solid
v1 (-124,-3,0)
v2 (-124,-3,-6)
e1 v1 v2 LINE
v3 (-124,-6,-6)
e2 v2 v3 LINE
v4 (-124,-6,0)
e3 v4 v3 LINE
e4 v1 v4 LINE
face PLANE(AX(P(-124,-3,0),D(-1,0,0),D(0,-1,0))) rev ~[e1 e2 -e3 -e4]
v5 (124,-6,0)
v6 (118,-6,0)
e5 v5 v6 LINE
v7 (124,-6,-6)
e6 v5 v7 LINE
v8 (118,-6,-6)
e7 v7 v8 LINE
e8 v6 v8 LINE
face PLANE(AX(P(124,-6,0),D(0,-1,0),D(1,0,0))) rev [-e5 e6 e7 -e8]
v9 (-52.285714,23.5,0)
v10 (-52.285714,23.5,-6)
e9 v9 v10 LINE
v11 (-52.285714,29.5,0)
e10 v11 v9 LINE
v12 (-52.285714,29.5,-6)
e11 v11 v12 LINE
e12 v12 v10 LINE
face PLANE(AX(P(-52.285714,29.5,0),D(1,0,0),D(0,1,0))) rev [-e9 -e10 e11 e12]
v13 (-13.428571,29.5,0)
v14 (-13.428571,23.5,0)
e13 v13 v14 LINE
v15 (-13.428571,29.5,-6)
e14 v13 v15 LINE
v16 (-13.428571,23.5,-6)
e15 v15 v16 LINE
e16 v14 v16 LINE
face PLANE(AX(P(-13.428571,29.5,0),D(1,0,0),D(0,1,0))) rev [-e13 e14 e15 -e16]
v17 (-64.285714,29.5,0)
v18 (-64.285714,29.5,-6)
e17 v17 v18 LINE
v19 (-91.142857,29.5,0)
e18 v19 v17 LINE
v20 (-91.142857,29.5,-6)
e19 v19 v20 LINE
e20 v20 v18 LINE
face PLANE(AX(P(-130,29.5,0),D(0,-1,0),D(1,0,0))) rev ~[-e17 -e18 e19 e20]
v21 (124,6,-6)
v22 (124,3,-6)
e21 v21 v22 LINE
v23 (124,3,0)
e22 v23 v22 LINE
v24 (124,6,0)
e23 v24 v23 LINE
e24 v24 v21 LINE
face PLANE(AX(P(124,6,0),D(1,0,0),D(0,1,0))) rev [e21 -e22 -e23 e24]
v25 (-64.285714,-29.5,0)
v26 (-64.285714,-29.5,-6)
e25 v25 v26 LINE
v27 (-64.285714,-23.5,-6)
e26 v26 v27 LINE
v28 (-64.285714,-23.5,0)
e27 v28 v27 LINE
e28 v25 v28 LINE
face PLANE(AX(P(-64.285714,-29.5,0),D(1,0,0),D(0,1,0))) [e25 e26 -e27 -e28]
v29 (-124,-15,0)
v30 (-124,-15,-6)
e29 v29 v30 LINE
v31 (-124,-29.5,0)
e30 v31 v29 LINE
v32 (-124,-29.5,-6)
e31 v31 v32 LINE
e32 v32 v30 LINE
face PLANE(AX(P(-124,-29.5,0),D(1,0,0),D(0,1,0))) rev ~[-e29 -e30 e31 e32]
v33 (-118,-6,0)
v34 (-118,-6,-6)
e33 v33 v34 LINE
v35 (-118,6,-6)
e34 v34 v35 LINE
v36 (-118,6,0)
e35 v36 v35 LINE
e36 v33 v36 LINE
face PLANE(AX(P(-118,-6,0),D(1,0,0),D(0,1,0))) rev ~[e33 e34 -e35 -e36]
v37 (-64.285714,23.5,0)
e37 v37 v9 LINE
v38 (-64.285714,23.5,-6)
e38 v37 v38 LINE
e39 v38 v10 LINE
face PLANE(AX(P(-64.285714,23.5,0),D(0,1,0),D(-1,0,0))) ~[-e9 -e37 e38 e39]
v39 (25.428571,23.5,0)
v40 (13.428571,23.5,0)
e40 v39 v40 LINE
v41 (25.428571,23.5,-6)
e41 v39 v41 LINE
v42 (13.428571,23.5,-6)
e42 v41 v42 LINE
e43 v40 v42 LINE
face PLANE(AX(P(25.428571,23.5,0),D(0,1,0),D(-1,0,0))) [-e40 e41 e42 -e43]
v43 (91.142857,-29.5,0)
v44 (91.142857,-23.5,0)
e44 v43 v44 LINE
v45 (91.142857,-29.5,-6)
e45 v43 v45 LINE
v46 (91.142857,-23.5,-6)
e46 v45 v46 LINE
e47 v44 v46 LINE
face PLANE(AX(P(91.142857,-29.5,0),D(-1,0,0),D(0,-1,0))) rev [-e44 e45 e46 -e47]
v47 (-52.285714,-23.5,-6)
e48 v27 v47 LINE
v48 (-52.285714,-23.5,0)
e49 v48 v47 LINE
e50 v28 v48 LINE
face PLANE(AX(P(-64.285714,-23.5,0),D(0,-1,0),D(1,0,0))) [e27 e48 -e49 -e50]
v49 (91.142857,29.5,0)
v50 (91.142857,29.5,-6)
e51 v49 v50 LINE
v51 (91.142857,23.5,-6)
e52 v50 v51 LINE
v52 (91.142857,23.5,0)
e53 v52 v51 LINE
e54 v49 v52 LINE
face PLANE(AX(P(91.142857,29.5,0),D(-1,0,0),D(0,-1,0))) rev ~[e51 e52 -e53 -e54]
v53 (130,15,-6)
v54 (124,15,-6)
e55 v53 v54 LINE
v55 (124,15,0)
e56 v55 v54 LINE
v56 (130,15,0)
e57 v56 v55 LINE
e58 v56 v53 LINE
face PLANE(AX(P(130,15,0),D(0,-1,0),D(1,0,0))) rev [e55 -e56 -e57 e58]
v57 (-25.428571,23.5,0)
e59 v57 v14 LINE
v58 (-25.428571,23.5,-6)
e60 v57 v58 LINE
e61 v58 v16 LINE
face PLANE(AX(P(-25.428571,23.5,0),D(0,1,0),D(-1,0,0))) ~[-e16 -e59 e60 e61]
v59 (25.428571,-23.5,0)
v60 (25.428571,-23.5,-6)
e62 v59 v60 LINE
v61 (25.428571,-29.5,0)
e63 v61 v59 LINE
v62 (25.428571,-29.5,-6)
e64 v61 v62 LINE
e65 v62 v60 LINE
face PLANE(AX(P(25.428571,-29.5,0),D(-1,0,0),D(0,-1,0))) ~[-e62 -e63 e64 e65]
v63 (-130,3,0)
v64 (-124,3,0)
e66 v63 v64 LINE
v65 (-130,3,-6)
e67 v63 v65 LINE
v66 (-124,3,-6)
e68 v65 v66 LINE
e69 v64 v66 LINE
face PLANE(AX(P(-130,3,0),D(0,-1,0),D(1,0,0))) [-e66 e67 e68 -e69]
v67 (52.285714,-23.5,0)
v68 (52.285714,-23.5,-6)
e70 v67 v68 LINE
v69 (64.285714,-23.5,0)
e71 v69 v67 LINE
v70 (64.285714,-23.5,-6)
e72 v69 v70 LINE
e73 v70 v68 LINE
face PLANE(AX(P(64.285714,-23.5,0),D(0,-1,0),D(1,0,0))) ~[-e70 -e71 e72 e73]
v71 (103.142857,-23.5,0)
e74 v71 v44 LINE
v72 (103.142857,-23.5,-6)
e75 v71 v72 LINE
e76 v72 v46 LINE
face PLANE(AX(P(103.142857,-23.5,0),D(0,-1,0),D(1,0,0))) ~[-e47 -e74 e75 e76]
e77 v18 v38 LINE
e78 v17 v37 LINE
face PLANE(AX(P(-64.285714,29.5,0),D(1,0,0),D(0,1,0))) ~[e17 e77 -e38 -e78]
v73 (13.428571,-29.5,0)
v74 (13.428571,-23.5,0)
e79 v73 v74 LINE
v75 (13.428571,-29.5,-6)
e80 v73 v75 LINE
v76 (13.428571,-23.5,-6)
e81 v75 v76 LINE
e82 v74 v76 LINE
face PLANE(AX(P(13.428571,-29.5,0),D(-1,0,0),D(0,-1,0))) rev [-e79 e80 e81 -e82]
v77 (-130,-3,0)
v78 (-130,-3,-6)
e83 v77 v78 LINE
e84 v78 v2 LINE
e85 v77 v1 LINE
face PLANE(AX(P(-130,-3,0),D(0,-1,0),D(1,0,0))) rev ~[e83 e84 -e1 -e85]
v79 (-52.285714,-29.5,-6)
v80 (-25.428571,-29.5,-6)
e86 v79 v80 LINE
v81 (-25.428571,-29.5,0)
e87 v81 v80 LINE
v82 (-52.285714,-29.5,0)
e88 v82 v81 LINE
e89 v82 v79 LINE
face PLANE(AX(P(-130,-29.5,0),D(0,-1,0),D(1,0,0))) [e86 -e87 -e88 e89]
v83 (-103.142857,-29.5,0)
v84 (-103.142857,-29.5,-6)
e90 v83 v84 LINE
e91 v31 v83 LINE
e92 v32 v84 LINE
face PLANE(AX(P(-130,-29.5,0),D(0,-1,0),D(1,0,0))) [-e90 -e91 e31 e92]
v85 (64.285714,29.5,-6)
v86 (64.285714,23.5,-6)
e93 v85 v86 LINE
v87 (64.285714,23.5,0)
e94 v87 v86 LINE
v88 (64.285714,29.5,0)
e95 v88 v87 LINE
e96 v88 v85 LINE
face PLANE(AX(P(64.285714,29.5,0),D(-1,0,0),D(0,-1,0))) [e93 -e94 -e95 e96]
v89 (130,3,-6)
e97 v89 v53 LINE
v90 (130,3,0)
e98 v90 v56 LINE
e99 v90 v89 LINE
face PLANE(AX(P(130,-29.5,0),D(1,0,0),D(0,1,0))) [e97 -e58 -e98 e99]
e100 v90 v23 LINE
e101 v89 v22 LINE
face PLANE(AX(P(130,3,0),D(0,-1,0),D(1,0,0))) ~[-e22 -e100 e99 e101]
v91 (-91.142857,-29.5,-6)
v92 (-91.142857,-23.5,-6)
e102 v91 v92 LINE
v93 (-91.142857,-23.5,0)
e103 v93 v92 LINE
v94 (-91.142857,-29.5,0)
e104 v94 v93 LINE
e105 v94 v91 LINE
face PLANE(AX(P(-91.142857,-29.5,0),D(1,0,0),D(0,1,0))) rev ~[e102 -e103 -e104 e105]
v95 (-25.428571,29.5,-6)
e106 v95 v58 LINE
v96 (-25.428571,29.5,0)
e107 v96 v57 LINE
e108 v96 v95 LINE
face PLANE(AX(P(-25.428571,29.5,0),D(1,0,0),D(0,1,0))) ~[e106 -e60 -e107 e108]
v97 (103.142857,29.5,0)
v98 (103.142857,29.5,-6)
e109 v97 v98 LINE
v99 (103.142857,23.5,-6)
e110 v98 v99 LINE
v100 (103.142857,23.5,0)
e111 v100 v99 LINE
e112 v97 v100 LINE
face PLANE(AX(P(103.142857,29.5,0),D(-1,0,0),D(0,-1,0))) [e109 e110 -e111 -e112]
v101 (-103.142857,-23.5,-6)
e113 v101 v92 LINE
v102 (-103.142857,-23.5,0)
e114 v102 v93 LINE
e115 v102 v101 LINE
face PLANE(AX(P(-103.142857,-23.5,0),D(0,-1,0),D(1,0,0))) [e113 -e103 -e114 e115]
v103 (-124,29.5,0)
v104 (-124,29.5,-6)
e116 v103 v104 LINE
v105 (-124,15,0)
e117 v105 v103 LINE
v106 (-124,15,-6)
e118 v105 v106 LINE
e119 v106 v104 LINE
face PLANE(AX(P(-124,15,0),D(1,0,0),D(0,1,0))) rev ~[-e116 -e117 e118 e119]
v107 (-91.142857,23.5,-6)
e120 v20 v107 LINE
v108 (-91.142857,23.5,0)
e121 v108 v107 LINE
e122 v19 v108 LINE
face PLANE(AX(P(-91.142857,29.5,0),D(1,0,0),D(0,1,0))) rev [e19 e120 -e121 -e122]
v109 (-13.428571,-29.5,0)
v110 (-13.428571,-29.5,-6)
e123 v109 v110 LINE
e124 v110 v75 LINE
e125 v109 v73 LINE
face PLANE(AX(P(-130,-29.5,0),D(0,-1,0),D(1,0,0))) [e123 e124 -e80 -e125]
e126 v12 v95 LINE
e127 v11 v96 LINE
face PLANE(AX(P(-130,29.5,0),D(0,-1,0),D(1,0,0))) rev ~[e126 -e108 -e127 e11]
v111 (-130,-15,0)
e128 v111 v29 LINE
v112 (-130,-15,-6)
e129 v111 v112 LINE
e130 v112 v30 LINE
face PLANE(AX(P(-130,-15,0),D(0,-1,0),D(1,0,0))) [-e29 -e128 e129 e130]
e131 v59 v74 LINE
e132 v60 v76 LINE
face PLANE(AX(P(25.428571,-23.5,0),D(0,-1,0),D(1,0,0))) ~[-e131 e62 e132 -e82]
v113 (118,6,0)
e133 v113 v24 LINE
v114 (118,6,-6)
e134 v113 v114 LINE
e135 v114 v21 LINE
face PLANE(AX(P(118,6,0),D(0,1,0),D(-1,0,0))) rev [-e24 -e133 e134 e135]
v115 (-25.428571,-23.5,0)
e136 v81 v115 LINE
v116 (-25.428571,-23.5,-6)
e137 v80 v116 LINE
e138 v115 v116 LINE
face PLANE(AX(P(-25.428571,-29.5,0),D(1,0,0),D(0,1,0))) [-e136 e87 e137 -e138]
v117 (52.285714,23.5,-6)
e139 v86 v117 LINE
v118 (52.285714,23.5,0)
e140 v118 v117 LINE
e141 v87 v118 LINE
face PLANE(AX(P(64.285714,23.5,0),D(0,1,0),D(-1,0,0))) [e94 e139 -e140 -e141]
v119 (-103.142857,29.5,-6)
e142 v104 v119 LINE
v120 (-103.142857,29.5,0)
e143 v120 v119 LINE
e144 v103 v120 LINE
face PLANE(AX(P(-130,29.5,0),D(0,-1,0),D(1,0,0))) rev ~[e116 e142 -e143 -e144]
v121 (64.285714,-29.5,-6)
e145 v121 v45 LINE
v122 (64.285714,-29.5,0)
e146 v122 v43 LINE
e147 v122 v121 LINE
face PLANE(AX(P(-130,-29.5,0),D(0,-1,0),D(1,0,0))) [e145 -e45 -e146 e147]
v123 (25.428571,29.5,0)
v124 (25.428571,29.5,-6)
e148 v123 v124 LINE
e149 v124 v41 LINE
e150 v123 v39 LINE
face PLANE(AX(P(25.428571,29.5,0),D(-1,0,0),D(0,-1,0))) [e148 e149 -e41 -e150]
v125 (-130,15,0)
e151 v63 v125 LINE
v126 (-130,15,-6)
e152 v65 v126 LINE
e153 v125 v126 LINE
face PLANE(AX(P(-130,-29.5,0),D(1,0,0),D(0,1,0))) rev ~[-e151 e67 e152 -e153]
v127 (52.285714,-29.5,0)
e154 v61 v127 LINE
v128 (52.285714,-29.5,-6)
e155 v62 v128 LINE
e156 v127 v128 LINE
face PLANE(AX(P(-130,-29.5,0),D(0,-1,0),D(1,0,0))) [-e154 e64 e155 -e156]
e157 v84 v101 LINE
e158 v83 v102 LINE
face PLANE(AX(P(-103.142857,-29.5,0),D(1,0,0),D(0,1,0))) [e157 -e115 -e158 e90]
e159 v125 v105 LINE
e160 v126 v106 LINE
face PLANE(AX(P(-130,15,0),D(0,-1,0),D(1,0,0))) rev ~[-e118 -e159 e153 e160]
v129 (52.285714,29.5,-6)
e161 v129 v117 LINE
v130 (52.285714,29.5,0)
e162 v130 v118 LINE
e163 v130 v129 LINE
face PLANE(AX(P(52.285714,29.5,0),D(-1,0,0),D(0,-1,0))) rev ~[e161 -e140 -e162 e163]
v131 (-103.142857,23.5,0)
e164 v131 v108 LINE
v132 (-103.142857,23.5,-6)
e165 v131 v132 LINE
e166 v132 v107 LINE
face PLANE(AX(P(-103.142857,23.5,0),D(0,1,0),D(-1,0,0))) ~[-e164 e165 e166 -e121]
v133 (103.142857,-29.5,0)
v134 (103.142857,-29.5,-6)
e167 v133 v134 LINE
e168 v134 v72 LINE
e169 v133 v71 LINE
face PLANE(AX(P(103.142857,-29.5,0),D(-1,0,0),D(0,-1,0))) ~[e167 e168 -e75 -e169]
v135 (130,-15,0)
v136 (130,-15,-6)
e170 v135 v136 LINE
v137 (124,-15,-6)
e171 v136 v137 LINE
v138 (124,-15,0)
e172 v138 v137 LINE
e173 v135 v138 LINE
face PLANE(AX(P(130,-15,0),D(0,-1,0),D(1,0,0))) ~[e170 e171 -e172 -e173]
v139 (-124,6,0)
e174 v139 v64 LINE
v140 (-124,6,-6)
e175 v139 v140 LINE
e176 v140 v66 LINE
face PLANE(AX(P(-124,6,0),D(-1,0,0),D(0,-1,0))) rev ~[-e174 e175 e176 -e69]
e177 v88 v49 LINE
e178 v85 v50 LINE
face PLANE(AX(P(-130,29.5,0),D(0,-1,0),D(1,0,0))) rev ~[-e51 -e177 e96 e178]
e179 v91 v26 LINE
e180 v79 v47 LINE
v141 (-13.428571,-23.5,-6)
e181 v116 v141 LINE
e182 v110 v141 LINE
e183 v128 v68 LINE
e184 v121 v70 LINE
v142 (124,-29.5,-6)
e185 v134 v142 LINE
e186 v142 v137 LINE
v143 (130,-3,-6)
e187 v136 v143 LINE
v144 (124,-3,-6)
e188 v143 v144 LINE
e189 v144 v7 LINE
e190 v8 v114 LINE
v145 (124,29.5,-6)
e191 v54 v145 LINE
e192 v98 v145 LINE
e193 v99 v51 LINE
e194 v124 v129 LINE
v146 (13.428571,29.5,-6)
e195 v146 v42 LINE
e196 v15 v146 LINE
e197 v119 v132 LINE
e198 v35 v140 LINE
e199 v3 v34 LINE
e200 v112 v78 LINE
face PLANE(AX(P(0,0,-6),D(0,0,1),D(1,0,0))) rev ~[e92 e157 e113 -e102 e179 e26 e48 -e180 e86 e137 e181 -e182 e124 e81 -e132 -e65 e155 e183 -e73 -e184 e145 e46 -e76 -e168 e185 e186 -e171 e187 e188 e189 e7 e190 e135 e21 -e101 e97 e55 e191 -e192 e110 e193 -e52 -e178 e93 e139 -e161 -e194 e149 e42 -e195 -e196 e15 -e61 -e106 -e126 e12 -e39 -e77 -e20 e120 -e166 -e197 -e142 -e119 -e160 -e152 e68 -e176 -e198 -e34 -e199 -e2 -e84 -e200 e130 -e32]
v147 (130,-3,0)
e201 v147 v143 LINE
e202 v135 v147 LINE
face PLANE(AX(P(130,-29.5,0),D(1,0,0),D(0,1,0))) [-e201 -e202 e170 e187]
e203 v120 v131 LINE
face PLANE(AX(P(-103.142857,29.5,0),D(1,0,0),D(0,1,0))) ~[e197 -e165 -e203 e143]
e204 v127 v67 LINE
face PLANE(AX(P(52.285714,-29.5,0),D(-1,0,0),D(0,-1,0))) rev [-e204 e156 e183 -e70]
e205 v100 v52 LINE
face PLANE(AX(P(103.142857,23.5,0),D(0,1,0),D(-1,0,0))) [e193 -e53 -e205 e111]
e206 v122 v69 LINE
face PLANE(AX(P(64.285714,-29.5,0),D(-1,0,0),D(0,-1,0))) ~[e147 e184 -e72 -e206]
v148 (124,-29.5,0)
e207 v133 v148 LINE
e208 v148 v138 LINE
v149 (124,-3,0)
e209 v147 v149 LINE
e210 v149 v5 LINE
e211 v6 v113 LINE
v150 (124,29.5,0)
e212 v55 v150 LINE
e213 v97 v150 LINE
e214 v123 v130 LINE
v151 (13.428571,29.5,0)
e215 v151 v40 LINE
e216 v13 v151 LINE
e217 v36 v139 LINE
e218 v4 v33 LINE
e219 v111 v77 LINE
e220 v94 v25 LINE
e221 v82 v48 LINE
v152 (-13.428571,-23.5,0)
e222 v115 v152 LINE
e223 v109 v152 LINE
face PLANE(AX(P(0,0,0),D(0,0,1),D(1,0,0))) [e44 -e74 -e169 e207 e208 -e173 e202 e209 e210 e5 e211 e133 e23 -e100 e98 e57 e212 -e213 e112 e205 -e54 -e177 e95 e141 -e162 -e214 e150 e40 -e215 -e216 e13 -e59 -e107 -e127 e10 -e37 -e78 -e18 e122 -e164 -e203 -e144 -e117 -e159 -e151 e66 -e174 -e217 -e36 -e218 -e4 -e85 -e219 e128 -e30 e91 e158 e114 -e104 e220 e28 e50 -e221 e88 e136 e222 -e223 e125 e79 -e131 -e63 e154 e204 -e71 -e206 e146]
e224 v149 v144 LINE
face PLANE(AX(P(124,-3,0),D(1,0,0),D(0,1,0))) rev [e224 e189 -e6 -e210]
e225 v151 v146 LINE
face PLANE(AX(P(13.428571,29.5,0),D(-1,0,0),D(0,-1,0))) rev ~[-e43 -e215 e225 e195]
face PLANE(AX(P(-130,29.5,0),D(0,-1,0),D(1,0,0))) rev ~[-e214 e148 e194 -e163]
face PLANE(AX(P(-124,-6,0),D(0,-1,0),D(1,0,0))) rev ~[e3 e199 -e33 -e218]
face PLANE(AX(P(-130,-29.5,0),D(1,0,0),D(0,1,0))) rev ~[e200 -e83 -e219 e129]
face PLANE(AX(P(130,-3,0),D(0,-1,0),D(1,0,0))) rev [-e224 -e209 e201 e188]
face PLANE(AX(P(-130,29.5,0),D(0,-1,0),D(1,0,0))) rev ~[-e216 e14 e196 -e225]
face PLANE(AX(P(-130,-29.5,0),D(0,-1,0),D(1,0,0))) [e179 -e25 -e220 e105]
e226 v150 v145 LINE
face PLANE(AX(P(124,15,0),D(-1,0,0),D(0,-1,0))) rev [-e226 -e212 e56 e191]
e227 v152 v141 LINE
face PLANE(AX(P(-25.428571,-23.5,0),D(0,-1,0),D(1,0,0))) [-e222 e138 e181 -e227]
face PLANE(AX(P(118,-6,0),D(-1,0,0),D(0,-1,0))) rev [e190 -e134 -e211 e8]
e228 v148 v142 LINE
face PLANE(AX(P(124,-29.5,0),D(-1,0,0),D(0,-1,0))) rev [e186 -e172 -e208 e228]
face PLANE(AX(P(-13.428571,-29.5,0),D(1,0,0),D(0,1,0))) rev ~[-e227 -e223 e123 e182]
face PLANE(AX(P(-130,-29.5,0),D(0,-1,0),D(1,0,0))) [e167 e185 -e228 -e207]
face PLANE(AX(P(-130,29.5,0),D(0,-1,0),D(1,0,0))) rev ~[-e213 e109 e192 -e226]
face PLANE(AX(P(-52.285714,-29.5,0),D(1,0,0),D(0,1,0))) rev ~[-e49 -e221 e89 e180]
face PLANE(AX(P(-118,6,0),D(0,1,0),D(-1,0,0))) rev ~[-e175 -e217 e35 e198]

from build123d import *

# Parameters (mm, degrees)
SKETCH1_W                                  = 260
SKETCH1_H                                  = 59
BOSS_EXTRUDE1_DEPTH                        = 6
SKETCH3_W                                  = 6
SKETCH3_H                                  = 6
SKETCH3_H_2                                = 14.5
CUT_EXTRUDE1_DEPTH                         = 7
SKETCH3_3_W                                = 12
SKETCH3_3_H                                = 6
CUT_EXTRUDE2_DEPTH                         = 7
MIRROR1_AT_THE_SECOND_PLANE_COPY_1_SKETC_W = 12
MIRROR1_AT_THE_SECOND_PLANE_COPY_1_SKETC_H = 6
MIRROR1_AT_THE_SECOND_PLANE_COPY_1_DEPTH   = 7


with BuildPart() as part:
    # Sketch1 → Boss-Extrude1 (new body)
    with BuildSketch(Plane.XY):
        Rectangle(SKETCH1_W, SKETCH1_H)
    extrude(amount=-BOSS_EXTRUDE1_DEPTH)

    # Sketch3 → Cut-Extrude1 (cut, through all)
    with BuildSketch(Plane.XY):
        Polygon((-124, 6), (-124, 3), (-124, -3), (-124, -6), (-118, -6), (-118, 6), align=None)
        with Locations((-127, 0)):
            Rectangle(SKETCH3_W, SKETCH3_H)
        with Locations((-127, 22.25)):
            Rectangle(SKETCH3_W, SKETCH3_H_2)
        with Locations((-127, -22.25)):
            Rectangle(SKETCH3_W, SKETCH3_H_2)
    cut_extrude1 = extrude(amount=-CUT_EXTRUDE1_DEPTH, mode=Mode.SUBTRACT)

    # Sketch3<3> → Cut-Extrude2 (cut, through all)
    with BuildSketch(Plane.XY):
        with Locations((-97.142857143, -26.5)):
            Rectangle(SKETCH3_3_W, SKETCH3_3_H)
        with Locations((-58.285714286, -26.5)):
            Rectangle(SKETCH3_3_W, SKETCH3_3_H)
        with Locations((-19.428571429, -26.5)):
            Rectangle(SKETCH3_3_W, SKETCH3_3_H)
    cut_extrude2 = extrude(amount=-CUT_EXTRUDE2_DEPTH, mode=Mode.SUBTRACT)

    # Mirror1: Cut-Extrude2 across plane
    add(cut_extrude2.mirror(Plane(origin=(0, 0, 0), x_dir=(0, 0, 1), z_dir=(1, 0, 0))), mode=Mode.SUBTRACT)

    # Mirror1 at the second plane: Cut-Extrude2 across plane
    add(cut_extrude2.mirror(Plane.ZX), mode=Mode.SUBTRACT)

    # Mirror1 at the second plane copy 1 sketc → Mirror1 at the second plane copy 1 (cut, through all)
    with BuildSketch(Plane(origin=(0, 0, 0), x_dir=(-1, 0, 0), z_dir=(0, 0, 1))):
        with Locations((-97.142857143, -26.5)):
            Rectangle(MIRROR1_AT_THE_SECOND_PLANE_COPY_1_SKETC_W, MIRROR1_AT_THE_SECOND_PLANE_COPY_1_SKETC_H)
        with Locations((-58.285714286, -26.5)):
            Rectangle(MIRROR1_AT_THE_SECOND_PLANE_COPY_1_SKETC_W, MIRROR1_AT_THE_SECOND_PLANE_COPY_1_SKETC_H)
        with Locations((-19.428571429, -26.5)):
            Rectangle(MIRROR1_AT_THE_SECOND_PLANE_COPY_1_SKETC_W, MIRROR1_AT_THE_SECOND_PLANE_COPY_1_SKETC_H)
    extrude(amount=-MIRROR1_AT_THE_SECOND_PLANE_COPY_1_DEPTH, mode=Mode.SUBTRACT)

    # Mirror2: Cut-Extrude1 across plane
    add(cut_extrude1.mirror(Plane(origin=(0, 0, 0), x_dir=(0, 0, 1), z_dir=(1, 0, 0))), mode=Mode.SUBTRACT)


solid = part.part
